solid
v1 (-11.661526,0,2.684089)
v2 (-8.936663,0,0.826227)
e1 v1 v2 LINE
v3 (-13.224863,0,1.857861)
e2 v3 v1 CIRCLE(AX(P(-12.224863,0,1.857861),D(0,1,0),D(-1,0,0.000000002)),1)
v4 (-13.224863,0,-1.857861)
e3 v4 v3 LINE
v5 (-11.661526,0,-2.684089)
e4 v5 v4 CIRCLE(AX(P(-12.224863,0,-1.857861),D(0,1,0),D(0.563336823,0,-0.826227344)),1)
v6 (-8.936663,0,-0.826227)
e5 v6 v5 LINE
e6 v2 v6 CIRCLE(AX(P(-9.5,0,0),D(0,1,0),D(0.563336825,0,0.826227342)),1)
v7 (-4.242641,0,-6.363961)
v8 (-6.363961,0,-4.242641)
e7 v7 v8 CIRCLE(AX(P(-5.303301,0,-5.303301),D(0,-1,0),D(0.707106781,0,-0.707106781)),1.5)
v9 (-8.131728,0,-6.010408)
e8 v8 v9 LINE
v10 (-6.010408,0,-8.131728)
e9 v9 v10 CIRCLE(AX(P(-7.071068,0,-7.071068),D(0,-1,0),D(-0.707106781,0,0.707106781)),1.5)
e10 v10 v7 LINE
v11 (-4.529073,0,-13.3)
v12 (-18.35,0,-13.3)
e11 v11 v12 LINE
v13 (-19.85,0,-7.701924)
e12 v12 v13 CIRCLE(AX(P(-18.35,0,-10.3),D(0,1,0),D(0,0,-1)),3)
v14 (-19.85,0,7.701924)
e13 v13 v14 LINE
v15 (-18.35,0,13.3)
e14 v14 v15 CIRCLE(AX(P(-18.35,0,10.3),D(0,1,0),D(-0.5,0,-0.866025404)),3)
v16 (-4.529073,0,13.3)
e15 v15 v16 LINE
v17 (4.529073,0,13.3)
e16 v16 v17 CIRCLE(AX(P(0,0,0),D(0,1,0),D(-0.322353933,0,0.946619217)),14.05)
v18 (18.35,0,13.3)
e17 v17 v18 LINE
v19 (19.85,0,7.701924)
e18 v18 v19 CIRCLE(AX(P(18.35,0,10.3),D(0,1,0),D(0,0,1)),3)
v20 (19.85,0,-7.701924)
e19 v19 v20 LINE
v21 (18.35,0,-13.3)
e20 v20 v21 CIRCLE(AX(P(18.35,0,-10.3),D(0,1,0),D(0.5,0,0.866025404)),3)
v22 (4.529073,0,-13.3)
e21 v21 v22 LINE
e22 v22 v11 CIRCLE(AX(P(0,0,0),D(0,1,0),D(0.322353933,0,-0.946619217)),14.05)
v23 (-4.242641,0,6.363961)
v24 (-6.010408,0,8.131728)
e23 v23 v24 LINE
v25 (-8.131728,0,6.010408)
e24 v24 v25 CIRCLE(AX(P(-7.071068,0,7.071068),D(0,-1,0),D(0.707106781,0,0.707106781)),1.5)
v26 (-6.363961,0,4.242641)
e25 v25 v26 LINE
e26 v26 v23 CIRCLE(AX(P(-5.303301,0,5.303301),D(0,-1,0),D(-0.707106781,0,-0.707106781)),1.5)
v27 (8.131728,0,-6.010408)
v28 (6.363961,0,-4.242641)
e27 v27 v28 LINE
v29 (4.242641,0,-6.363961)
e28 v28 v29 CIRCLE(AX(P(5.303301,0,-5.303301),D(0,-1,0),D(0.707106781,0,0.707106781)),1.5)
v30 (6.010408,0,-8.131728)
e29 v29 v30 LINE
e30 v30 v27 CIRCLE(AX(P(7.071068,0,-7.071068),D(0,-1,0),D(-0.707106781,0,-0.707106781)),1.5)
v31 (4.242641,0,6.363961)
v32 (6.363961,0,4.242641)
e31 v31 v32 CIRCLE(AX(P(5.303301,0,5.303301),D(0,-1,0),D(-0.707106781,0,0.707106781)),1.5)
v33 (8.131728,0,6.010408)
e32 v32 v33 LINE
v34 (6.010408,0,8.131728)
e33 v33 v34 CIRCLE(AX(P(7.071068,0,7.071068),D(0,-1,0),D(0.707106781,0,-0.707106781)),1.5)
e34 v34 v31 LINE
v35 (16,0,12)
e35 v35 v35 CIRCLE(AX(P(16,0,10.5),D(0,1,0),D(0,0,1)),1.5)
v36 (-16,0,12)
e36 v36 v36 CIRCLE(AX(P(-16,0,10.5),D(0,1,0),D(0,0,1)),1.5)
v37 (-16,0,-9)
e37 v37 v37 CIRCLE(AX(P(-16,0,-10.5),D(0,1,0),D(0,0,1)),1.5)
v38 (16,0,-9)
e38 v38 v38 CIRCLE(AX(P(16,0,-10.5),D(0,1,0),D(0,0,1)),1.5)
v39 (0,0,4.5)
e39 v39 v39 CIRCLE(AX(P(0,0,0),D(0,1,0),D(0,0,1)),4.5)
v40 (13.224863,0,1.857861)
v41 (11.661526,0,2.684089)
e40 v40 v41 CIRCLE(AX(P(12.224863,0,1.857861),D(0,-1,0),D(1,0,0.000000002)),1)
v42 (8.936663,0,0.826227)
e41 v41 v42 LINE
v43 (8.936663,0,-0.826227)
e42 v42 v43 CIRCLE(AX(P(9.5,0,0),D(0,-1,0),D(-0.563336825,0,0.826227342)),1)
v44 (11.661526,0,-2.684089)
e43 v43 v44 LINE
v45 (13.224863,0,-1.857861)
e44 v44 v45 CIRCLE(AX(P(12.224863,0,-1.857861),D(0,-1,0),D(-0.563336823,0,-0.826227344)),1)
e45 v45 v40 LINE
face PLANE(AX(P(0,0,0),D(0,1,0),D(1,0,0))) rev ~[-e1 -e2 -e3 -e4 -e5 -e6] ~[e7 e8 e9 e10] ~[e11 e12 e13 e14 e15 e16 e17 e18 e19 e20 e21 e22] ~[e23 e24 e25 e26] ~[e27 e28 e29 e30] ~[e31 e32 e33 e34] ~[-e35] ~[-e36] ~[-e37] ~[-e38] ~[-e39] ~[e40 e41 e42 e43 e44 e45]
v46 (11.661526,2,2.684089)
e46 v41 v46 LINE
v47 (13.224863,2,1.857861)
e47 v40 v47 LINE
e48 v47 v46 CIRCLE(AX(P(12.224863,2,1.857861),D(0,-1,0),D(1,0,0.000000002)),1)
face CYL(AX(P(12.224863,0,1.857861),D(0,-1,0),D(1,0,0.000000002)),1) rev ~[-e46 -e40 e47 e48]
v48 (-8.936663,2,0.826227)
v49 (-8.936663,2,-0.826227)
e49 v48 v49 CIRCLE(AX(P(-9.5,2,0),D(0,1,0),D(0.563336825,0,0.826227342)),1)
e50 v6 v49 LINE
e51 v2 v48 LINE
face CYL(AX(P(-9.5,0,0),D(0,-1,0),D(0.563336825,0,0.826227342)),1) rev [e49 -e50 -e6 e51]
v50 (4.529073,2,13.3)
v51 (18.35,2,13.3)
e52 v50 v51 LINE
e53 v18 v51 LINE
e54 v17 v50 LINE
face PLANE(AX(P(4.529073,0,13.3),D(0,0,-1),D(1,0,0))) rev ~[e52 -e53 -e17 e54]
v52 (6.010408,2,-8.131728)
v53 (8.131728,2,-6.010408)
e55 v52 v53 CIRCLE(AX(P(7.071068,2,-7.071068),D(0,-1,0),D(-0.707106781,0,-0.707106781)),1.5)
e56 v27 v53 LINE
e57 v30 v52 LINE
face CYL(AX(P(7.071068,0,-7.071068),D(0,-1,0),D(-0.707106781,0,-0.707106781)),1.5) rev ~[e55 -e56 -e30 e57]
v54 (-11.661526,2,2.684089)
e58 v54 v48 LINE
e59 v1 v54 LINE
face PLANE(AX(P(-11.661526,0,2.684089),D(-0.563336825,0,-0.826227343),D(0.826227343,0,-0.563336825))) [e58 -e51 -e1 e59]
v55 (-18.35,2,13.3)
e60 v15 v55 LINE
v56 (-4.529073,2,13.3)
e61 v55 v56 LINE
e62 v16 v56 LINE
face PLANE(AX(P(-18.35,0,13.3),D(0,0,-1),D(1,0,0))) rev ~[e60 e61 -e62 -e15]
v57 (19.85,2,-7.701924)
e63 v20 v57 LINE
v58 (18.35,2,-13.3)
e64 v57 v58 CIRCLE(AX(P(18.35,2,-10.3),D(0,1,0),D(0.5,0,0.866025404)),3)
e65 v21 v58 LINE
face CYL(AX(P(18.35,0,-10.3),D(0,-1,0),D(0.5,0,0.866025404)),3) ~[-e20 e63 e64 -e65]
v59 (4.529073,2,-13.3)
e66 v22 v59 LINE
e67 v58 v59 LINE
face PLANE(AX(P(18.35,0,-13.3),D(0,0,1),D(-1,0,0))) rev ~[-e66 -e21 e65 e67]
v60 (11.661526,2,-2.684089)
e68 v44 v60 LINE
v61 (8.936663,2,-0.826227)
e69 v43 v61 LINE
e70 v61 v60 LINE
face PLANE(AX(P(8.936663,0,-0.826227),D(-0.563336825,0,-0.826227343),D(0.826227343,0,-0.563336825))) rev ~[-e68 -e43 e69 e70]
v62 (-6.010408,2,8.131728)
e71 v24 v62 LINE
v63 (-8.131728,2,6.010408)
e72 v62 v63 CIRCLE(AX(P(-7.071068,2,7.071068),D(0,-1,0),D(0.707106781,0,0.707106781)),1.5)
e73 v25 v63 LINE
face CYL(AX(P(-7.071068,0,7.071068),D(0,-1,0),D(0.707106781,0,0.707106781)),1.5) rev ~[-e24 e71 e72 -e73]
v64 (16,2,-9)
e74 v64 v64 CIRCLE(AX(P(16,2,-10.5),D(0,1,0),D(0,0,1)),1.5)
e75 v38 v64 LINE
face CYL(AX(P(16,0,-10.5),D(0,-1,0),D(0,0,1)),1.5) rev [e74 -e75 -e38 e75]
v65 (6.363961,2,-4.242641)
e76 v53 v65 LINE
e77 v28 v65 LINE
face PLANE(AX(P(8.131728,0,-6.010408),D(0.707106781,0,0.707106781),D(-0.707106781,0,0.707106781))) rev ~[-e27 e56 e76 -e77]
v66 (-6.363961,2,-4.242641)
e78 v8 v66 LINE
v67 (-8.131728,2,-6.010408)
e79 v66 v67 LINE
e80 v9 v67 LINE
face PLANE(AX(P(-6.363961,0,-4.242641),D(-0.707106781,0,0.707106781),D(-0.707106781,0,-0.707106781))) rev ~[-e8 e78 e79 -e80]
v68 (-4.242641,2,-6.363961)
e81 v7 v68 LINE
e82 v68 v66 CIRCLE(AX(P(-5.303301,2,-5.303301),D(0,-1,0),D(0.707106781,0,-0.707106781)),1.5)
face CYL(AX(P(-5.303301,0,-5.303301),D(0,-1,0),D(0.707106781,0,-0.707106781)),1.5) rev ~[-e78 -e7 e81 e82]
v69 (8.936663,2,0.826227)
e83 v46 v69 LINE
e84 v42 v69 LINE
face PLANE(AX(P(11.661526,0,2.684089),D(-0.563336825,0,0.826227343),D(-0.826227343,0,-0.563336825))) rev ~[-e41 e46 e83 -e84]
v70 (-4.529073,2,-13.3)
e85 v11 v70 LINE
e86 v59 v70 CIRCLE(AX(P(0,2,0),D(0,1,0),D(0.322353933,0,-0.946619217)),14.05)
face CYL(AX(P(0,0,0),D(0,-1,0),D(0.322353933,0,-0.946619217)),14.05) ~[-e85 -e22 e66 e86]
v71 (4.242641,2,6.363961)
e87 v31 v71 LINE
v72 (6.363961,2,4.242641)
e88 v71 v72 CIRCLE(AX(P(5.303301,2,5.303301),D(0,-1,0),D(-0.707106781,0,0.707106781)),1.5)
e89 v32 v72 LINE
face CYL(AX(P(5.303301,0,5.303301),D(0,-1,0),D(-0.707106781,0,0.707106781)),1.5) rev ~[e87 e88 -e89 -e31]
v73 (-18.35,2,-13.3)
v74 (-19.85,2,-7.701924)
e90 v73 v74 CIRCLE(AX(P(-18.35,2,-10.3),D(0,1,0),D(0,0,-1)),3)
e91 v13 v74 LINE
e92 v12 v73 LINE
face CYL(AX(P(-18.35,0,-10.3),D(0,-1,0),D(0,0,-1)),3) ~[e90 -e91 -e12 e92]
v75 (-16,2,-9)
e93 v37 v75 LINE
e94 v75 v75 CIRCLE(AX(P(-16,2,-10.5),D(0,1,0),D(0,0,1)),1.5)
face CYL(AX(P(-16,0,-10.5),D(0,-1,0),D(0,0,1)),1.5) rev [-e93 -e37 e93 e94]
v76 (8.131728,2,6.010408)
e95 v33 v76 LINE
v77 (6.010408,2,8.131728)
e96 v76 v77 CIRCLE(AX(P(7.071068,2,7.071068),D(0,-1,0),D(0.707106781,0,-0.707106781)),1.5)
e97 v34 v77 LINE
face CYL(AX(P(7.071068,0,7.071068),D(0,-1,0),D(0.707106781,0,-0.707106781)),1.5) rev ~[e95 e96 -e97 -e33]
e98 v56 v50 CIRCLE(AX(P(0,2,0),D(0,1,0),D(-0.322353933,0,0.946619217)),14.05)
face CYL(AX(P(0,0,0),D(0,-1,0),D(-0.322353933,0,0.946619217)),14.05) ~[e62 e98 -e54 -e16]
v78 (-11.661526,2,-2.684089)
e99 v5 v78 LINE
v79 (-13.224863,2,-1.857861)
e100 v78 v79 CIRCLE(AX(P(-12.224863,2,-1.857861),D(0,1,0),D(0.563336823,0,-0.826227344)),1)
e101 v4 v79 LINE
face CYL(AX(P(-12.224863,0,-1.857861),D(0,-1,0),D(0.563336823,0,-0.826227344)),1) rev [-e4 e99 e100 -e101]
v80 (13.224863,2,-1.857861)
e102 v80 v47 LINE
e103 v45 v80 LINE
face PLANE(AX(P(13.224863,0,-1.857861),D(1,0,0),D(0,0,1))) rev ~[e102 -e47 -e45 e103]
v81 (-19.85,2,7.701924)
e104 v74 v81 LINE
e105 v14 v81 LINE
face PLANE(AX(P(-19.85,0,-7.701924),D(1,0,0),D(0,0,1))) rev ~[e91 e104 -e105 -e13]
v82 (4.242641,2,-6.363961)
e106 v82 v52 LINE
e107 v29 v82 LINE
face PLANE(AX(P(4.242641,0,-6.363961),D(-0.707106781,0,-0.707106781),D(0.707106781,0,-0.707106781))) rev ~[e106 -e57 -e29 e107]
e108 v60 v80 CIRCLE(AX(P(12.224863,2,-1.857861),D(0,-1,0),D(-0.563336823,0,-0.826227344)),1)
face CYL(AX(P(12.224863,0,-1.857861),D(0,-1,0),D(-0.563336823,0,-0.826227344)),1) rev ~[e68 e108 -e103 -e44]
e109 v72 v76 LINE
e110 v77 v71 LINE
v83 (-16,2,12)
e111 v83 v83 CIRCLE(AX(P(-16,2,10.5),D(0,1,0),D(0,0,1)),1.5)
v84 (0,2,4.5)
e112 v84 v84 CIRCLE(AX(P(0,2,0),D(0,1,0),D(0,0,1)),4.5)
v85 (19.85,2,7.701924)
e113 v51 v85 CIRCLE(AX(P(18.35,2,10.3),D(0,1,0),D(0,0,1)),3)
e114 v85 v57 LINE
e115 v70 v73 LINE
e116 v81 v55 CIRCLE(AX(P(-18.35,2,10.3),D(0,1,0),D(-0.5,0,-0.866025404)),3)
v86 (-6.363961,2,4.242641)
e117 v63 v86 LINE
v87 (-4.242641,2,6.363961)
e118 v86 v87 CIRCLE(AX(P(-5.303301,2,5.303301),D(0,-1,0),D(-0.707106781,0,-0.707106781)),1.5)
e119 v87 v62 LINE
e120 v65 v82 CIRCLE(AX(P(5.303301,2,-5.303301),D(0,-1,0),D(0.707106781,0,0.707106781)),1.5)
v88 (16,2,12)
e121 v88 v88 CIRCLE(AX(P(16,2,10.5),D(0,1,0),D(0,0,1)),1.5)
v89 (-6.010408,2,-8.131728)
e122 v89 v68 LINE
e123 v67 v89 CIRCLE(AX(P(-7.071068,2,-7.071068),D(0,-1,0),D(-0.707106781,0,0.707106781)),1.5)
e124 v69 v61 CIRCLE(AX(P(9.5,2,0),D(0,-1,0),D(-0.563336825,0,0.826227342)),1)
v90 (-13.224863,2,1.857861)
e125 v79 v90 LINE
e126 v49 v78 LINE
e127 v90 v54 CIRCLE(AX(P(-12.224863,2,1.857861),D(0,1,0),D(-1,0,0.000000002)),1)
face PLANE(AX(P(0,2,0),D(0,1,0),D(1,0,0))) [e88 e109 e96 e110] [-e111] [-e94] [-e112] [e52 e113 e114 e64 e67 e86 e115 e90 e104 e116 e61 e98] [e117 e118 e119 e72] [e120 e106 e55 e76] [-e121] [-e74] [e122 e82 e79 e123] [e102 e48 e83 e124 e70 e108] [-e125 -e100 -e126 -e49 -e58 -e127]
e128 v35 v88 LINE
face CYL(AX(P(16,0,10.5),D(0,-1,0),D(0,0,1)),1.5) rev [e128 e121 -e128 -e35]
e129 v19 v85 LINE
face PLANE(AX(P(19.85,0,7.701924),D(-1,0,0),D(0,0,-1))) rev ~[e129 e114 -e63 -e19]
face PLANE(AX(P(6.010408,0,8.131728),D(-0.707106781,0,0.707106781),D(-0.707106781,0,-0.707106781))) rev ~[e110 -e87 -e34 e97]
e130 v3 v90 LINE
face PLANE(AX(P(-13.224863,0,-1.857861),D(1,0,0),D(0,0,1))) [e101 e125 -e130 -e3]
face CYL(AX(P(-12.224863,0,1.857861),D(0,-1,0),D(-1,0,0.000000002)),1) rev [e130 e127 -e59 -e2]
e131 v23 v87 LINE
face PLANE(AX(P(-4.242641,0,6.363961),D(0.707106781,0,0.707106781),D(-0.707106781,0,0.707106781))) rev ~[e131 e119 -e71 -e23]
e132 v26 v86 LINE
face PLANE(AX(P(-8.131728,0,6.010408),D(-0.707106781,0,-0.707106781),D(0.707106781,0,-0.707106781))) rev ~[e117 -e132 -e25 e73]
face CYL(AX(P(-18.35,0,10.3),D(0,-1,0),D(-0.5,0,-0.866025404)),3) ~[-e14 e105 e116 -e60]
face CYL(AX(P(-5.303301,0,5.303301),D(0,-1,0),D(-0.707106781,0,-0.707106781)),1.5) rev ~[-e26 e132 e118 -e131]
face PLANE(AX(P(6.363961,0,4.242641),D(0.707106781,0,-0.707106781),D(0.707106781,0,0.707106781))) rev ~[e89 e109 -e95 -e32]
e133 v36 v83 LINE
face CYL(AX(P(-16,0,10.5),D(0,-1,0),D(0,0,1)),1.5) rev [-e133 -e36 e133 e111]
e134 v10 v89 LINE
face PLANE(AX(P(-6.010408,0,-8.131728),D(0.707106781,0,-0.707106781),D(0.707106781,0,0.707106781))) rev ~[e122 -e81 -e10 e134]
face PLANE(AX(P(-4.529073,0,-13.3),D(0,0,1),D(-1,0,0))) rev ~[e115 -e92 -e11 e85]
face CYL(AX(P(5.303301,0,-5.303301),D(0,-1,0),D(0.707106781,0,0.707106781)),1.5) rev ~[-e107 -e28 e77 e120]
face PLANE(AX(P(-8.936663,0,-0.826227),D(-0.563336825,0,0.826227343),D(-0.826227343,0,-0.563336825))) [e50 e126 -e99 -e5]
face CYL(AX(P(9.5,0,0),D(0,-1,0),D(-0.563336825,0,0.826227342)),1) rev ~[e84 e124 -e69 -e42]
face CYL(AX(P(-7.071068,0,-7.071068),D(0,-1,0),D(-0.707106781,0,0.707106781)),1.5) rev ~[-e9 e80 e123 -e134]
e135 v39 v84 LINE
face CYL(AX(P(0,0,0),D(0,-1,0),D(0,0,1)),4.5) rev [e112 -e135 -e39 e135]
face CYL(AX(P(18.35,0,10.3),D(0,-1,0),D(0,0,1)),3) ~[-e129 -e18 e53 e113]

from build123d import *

# Parameters (mm, degrees)
SKETCH1_R           = 1.5
SKETCH1_R_2         = 4.5
BOSS_EXTRUDE1_DEPTH = 2


with BuildPart() as part:
    # Sketch1 → Boss-Extrude1 (new body)
    with BuildSketch(Plane(origin=(0, 0, 0), x_dir=(1, 0, 0), z_dir=(0, 1, 0))):
        with BuildLine():
            Line((-18.35, -13.3), (-4.529072753, -13.3))
            ThreePointArc((-4.529072753, -13.3), (0, -14.05), (4.529072753, -13.3))
            Line((4.529072753, -13.3), (18.35, -13.3))
            ThreePointArc((18.35, -13.3), (21.247777479, -11.076457135), (19.85, -7.701923789))
            Line((19.85, -7.701923789), (19.85, 7.701923789))
            ThreePointArc((19.85, 7.701923789), (21.247777479, 11.076457135), (18.35, 13.3))
            Line((18.35, 13.3), (4.529072753, 13.3))
            ThreePointArc((4.529072753, 13.3), (0, 14.05), (-4.529072753, 13.3))
            Line((-4.529072753, 13.3), (-18.35, 13.3))
            ThreePointArc((-18.35, 13.3), (-21.247777479, 11.076457135), (-19.85, 7.701923789))
            Line((-19.85, 7.701923789), (-19.85, -7.701923789))
            ThreePointArc((-19.85, -7.701923789), (-21.247777479, -11.076457135), (-18.35, -13.3))
        make_face()
        with Locations(Location((-16, 10.5, 0), (0, 0, 270))):
            Circle(SKETCH1_R, mode=Mode.SUBTRACT)
        with Locations(Location((-16, -10.5, 0), (0, 0, 270))):
            Circle(SKETCH1_R, mode=Mode.SUBTRACT)
        with Locations(Location((16, -10.5, 0), (0, 0, 270))):
            Circle(SKETCH1_R, mode=Mode.SUBTRACT)
        with Locations(Location((16, 10.5, 0), (0, 0, 270))):
            Circle(SKETCH1_R, mode=Mode.SUBTRACT)
        with Locations(Location((0, 0, 0), (0, 0, 270))):
            Circle(SKETCH1_R_2, mode=Mode.SUBTRACT)
        with BuildLine():
            Line((-6.01040764, 8.131727984), (-4.242640687, 6.363961031))
            ThreePointArc((-4.242640687, 6.363961031), (-4.242640687, 4.242640687), (-6.363961031, 4.242640687))
            Line((-6.363961031, 4.242640687), (-8.131727984, 6.01040764))
            ThreePointArc((-8.131727984, 6.01040764), (-8.131727984, 8.131727984), (-6.01040764, 8.131727984))
        make_face(mode=Mode.SUBTRACT)
        with BuildLine():
            Line((8.131727984, 6.01040764), (6.363961031, 4.242640687))
            ThreePointArc((6.363961031, 4.242640687), (4.242640687, 4.242640687), (4.242640687, 6.363961031))
            Line((4.242640687, 6.363961031), (6.01040764, 8.131727984))
            ThreePointArc((6.01040764, 8.131727984), (8.131727984, 8.131727984), (8.131727984, 6.01040764))
        make_face(mode=Mode.SUBTRACT)
        with BuildLine():
            Line((6.01040764, -8.131727984), (4.242640687, -6.363961031))
            ThreePointArc((4.242640687, -6.363961031), (4.242640687, -4.242640687), (6.363961031, -4.242640687))
            Line((6.363961031, -4.242640687), (8.131727984, -6.01040764))
            ThreePointArc((8.131727984, -6.01040764), (8.131727984, -8.131727984), (6.01040764, -8.131727984))
        make_face(mode=Mode.SUBTRACT)
        with BuildLine():
            Line((-8.131727984, -6.01040764), (-6.363961031, -4.242640687))
            ThreePointArc((-6.363961031, -4.242640687), (-4.242640687, -4.242640687), (-4.242640687, -6.363961031))
            Line((-4.242640687, -6.363961031), (-6.01040764, -8.131727984))
            ThreePointArc((-6.01040764, -8.131727984), (-8.131727984, -8.131727984), (-8.131727984, -6.01040764))
        make_face(mode=Mode.SUBTRACT)
        with BuildLine():
            Line((-13.224863073, 1.857861186), (-13.224863073, -1.857861186))
            ThreePointArc((-13.224863073, -1.857861186), (-12.69212273, -2.74198132), (-11.661526248, -2.684088529))
            Line((-11.661526248, -2.684088529), (-8.936663175, -0.826227343))
            ThreePointArc((-8.936663175, -0.826227343), (-8.5, 0), (-8.936663175, 0.826227343))
            Line((-8.936663175, 0.826227343), (-11.661526248, 2.684088529))
            ThreePointArc((-11.661526248, 2.684088529), (-12.69212273, 2.74198132), (-13.224863073, 1.857861186))
        make_face(mode=Mode.SUBTRACT)
        with BuildLine():
            Line((11.661526248, -2.684088529), (8.936663175, -0.826227343))
            ThreePointArc((8.936663175, -0.826227343), (8.5, 0), (8.936663175, 0.826227343))
            Line((8.936663175, 0.826227343), (11.661526248, 2.684088529))
            ThreePointArc((11.661526248, 2.684088529), (12.69212273, 2.74198132), (13.224863073, 1.857861186))
            Line((13.224863073, 1.857861186), (13.224863073, -1.857861186))
            ThreePointArc((13.224863073, -1.857861186), (12.69212273, -2.74198132), (11.661526248, -2.684088529))
        make_face(mode=Mode.SUBTRACT)
    extrude(amount=BOSS_EXTRUDE1_DEPTH)


solid = part.part
